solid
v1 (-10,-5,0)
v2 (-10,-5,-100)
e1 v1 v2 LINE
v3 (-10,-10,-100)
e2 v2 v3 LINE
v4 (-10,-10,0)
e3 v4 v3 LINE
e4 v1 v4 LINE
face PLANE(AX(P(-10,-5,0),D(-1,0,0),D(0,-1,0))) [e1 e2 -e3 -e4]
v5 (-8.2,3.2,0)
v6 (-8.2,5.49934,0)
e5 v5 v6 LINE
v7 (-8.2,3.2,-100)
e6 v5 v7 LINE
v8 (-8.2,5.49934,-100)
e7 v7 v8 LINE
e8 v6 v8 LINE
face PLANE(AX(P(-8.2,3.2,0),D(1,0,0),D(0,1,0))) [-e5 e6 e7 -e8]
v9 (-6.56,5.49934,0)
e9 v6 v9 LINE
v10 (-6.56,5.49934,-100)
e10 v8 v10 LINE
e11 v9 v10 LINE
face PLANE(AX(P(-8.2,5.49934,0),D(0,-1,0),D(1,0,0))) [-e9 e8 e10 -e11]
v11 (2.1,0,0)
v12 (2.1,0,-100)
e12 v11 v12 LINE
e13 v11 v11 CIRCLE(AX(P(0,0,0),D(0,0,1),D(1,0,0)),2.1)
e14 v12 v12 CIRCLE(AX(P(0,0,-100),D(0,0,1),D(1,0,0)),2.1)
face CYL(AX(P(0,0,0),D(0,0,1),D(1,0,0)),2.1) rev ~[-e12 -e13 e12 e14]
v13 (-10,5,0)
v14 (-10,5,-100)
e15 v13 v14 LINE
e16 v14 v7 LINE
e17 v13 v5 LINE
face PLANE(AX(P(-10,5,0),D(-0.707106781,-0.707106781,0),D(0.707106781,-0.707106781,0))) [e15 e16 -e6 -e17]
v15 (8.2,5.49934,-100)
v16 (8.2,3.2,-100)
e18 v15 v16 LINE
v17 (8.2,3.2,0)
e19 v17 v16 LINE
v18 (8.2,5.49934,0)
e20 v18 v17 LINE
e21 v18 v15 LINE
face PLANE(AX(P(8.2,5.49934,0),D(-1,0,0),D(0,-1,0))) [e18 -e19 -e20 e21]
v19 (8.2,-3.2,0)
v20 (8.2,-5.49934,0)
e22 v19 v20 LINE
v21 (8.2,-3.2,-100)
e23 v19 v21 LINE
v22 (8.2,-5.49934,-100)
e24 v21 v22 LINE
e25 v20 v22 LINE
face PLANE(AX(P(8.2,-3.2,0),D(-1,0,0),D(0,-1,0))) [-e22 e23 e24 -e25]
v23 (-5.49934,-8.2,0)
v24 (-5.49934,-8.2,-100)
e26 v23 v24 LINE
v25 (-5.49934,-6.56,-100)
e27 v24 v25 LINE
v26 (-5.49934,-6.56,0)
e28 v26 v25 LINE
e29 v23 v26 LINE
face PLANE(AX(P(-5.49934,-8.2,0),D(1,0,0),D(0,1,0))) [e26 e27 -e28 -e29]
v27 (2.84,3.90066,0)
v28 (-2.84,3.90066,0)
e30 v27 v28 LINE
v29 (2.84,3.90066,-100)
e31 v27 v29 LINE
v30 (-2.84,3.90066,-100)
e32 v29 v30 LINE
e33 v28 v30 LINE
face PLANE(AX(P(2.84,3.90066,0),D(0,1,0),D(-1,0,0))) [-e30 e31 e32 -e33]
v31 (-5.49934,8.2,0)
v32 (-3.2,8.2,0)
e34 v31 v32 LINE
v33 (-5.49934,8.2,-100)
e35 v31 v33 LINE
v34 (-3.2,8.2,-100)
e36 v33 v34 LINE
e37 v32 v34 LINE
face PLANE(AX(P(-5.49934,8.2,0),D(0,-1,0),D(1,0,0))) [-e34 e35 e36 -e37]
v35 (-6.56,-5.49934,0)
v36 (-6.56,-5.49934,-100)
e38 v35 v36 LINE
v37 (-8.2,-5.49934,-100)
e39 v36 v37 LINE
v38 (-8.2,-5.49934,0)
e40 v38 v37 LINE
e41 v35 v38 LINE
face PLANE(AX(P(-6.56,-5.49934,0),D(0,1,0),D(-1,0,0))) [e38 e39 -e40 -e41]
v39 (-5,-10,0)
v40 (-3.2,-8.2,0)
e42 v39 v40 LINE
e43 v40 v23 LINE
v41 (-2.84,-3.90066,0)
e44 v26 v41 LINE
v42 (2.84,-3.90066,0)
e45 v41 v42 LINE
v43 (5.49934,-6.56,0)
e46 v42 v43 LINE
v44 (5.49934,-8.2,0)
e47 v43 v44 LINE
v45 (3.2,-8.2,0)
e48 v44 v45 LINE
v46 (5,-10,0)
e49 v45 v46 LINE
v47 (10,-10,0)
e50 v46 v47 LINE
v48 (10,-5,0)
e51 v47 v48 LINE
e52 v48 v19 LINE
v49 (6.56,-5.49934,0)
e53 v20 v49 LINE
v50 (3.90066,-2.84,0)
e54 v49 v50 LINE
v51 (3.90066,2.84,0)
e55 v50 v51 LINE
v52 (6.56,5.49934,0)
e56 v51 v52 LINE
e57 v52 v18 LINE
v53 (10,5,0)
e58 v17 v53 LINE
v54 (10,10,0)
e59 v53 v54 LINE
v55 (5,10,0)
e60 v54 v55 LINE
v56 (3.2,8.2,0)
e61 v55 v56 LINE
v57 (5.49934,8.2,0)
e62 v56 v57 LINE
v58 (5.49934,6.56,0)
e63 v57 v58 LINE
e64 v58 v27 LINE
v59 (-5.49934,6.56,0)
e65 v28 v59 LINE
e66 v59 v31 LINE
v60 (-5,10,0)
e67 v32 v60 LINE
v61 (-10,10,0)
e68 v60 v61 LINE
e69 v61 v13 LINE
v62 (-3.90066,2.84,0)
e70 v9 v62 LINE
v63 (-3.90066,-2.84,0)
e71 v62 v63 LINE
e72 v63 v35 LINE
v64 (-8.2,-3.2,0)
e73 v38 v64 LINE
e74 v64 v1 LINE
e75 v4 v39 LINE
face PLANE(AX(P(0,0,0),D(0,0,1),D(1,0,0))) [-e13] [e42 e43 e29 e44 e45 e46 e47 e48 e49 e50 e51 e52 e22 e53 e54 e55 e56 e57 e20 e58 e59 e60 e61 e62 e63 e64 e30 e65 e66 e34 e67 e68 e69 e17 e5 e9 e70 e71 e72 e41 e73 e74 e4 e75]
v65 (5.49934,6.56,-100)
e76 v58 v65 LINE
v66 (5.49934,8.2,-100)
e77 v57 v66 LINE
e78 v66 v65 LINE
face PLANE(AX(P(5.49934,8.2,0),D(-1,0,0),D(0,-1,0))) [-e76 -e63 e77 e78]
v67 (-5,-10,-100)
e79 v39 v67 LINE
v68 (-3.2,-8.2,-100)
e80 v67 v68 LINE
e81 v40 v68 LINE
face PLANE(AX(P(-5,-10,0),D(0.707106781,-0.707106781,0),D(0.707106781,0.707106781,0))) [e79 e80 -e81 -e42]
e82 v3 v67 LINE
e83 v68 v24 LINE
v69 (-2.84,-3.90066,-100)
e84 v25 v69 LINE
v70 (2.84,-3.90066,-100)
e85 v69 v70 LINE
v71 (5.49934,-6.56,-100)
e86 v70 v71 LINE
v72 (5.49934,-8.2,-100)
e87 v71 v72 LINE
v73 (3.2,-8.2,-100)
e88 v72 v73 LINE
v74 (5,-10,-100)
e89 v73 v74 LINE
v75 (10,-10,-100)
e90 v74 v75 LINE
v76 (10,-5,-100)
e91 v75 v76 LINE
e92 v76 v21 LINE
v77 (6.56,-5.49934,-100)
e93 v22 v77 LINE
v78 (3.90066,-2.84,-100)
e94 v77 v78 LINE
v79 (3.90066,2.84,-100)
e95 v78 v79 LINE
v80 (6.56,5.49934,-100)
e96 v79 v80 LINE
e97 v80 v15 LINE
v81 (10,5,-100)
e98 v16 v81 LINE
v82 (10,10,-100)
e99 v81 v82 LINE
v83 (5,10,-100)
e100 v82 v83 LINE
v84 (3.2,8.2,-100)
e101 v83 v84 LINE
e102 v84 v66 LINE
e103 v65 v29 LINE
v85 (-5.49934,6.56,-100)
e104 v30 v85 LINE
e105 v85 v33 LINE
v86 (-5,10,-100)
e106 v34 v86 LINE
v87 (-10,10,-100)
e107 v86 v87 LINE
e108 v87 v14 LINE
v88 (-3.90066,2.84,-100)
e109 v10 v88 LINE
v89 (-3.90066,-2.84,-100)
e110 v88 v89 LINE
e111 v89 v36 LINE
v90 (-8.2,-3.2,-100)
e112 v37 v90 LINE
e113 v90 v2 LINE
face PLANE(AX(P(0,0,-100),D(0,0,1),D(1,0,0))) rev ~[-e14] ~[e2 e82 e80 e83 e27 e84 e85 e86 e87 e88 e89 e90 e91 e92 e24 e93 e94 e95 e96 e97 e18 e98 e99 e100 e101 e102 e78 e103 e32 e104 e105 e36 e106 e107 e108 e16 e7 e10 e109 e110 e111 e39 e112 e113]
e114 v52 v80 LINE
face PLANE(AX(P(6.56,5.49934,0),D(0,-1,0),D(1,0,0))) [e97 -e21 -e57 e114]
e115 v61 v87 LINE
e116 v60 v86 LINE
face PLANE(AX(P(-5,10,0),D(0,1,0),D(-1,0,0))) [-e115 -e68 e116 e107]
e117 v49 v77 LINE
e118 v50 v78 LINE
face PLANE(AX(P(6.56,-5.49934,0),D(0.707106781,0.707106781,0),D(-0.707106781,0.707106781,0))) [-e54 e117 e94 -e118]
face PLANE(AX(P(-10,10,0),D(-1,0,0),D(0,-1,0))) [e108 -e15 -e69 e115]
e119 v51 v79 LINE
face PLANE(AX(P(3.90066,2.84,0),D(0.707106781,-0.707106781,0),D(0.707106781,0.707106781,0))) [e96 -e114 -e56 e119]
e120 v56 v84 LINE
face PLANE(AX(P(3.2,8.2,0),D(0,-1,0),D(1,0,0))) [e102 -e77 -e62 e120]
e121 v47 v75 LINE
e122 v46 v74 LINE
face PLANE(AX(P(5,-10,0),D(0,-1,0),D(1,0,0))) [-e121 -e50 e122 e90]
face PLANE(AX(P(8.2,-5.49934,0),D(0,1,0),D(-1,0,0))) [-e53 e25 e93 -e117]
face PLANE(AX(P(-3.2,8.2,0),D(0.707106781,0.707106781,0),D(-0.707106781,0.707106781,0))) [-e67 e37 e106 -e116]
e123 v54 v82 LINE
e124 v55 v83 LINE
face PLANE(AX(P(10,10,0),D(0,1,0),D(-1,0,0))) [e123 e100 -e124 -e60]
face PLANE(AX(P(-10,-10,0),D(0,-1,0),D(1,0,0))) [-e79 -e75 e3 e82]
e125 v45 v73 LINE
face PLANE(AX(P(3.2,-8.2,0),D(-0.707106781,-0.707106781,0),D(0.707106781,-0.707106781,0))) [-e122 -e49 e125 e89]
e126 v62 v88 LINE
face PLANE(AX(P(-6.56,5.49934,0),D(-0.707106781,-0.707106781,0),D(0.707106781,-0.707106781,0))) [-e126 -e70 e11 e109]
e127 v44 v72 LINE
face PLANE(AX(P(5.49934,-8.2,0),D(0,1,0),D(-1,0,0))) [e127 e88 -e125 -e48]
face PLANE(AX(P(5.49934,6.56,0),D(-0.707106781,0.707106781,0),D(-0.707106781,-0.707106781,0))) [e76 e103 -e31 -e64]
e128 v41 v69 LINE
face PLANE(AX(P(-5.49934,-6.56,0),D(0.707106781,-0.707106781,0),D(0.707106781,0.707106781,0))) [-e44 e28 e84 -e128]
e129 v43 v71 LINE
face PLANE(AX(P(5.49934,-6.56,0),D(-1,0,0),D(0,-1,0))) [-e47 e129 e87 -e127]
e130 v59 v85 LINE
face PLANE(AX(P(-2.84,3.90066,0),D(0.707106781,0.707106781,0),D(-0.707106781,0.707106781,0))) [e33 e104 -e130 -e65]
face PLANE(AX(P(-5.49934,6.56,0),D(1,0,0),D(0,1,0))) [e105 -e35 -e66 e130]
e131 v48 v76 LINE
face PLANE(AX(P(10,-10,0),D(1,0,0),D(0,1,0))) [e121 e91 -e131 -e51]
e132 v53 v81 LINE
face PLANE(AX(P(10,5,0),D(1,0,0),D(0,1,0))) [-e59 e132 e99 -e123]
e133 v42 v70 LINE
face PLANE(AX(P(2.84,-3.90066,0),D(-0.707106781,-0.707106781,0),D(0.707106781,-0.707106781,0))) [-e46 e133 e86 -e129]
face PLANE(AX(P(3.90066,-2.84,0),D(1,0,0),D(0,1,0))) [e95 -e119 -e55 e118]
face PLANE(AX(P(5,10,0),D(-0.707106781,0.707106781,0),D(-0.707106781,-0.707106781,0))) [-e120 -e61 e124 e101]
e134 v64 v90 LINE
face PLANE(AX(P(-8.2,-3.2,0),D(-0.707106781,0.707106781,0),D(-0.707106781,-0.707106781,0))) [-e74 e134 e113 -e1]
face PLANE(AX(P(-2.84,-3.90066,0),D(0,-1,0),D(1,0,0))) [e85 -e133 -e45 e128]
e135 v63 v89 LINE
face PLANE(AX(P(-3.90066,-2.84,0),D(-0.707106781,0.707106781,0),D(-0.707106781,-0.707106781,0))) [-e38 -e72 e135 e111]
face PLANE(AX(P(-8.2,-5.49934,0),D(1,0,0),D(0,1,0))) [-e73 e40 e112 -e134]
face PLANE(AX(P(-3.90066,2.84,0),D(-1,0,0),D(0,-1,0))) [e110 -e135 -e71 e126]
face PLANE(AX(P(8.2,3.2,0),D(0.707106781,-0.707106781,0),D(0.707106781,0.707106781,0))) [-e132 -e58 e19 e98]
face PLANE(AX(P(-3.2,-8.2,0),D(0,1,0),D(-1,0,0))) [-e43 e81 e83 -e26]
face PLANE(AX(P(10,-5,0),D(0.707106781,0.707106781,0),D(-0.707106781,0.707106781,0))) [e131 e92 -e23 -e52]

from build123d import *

# Parameters (mm, degrees)
SKETCH1_R           = 2.1
BOSS_EXTRUDE1_DEPTH = 100


with BuildPart() as part:
    # Sketch1 → Boss-Extrude1 (new body)
    with BuildSketch(Plane.XY):
        Polygon((-10, 10), (-10, 5), (-8.2, 3.2), (-8.2, 5.499339828), (-6.56, 5.499339828), (-3.900660172, 2.84), (-3.900660172, -2.84), (-6.56, -5.499339828), (-8.2, -5.499339828), (-8.2, -3.2), (-10, -5), (-10, -10), (-5, -10), (-3.2, -8.2), (-5.499339828, -8.2), (-5.499339828, -6.56), (-2.84, -3.900660172), (2.84, -3.900660172), (5.499339828, -6.56), (5.499339828, -8.2), (3.2, -8.2), (5, -10), (10, -10), (10, -5), (8.2, -3.2), (8.2, -5.499339828), (6.56, -5.499339828), (3.900660172, -2.84), (3.900660172, 2.84), (6.56, 5.499339828), (8.2, 5.499339828), (8.2, 3.2), (10, 5), (10, 10), (5, 10), (3.2, 8.2), (5.499339828, 8.2), (5.499339828, 6.56), (2.84, 3.900660172), (-2.84, 3.900660172), (-5.499339828, 6.56), (-5.499339828, 8.2), (-3.2, 8.2), (-5, 10), align=None)
        Circle(SKETCH1_R, mode=Mode.SUBTRACT)
    extrude(amount=-BOSS_EXTRUDE1_DEPTH)


solid = part.part
